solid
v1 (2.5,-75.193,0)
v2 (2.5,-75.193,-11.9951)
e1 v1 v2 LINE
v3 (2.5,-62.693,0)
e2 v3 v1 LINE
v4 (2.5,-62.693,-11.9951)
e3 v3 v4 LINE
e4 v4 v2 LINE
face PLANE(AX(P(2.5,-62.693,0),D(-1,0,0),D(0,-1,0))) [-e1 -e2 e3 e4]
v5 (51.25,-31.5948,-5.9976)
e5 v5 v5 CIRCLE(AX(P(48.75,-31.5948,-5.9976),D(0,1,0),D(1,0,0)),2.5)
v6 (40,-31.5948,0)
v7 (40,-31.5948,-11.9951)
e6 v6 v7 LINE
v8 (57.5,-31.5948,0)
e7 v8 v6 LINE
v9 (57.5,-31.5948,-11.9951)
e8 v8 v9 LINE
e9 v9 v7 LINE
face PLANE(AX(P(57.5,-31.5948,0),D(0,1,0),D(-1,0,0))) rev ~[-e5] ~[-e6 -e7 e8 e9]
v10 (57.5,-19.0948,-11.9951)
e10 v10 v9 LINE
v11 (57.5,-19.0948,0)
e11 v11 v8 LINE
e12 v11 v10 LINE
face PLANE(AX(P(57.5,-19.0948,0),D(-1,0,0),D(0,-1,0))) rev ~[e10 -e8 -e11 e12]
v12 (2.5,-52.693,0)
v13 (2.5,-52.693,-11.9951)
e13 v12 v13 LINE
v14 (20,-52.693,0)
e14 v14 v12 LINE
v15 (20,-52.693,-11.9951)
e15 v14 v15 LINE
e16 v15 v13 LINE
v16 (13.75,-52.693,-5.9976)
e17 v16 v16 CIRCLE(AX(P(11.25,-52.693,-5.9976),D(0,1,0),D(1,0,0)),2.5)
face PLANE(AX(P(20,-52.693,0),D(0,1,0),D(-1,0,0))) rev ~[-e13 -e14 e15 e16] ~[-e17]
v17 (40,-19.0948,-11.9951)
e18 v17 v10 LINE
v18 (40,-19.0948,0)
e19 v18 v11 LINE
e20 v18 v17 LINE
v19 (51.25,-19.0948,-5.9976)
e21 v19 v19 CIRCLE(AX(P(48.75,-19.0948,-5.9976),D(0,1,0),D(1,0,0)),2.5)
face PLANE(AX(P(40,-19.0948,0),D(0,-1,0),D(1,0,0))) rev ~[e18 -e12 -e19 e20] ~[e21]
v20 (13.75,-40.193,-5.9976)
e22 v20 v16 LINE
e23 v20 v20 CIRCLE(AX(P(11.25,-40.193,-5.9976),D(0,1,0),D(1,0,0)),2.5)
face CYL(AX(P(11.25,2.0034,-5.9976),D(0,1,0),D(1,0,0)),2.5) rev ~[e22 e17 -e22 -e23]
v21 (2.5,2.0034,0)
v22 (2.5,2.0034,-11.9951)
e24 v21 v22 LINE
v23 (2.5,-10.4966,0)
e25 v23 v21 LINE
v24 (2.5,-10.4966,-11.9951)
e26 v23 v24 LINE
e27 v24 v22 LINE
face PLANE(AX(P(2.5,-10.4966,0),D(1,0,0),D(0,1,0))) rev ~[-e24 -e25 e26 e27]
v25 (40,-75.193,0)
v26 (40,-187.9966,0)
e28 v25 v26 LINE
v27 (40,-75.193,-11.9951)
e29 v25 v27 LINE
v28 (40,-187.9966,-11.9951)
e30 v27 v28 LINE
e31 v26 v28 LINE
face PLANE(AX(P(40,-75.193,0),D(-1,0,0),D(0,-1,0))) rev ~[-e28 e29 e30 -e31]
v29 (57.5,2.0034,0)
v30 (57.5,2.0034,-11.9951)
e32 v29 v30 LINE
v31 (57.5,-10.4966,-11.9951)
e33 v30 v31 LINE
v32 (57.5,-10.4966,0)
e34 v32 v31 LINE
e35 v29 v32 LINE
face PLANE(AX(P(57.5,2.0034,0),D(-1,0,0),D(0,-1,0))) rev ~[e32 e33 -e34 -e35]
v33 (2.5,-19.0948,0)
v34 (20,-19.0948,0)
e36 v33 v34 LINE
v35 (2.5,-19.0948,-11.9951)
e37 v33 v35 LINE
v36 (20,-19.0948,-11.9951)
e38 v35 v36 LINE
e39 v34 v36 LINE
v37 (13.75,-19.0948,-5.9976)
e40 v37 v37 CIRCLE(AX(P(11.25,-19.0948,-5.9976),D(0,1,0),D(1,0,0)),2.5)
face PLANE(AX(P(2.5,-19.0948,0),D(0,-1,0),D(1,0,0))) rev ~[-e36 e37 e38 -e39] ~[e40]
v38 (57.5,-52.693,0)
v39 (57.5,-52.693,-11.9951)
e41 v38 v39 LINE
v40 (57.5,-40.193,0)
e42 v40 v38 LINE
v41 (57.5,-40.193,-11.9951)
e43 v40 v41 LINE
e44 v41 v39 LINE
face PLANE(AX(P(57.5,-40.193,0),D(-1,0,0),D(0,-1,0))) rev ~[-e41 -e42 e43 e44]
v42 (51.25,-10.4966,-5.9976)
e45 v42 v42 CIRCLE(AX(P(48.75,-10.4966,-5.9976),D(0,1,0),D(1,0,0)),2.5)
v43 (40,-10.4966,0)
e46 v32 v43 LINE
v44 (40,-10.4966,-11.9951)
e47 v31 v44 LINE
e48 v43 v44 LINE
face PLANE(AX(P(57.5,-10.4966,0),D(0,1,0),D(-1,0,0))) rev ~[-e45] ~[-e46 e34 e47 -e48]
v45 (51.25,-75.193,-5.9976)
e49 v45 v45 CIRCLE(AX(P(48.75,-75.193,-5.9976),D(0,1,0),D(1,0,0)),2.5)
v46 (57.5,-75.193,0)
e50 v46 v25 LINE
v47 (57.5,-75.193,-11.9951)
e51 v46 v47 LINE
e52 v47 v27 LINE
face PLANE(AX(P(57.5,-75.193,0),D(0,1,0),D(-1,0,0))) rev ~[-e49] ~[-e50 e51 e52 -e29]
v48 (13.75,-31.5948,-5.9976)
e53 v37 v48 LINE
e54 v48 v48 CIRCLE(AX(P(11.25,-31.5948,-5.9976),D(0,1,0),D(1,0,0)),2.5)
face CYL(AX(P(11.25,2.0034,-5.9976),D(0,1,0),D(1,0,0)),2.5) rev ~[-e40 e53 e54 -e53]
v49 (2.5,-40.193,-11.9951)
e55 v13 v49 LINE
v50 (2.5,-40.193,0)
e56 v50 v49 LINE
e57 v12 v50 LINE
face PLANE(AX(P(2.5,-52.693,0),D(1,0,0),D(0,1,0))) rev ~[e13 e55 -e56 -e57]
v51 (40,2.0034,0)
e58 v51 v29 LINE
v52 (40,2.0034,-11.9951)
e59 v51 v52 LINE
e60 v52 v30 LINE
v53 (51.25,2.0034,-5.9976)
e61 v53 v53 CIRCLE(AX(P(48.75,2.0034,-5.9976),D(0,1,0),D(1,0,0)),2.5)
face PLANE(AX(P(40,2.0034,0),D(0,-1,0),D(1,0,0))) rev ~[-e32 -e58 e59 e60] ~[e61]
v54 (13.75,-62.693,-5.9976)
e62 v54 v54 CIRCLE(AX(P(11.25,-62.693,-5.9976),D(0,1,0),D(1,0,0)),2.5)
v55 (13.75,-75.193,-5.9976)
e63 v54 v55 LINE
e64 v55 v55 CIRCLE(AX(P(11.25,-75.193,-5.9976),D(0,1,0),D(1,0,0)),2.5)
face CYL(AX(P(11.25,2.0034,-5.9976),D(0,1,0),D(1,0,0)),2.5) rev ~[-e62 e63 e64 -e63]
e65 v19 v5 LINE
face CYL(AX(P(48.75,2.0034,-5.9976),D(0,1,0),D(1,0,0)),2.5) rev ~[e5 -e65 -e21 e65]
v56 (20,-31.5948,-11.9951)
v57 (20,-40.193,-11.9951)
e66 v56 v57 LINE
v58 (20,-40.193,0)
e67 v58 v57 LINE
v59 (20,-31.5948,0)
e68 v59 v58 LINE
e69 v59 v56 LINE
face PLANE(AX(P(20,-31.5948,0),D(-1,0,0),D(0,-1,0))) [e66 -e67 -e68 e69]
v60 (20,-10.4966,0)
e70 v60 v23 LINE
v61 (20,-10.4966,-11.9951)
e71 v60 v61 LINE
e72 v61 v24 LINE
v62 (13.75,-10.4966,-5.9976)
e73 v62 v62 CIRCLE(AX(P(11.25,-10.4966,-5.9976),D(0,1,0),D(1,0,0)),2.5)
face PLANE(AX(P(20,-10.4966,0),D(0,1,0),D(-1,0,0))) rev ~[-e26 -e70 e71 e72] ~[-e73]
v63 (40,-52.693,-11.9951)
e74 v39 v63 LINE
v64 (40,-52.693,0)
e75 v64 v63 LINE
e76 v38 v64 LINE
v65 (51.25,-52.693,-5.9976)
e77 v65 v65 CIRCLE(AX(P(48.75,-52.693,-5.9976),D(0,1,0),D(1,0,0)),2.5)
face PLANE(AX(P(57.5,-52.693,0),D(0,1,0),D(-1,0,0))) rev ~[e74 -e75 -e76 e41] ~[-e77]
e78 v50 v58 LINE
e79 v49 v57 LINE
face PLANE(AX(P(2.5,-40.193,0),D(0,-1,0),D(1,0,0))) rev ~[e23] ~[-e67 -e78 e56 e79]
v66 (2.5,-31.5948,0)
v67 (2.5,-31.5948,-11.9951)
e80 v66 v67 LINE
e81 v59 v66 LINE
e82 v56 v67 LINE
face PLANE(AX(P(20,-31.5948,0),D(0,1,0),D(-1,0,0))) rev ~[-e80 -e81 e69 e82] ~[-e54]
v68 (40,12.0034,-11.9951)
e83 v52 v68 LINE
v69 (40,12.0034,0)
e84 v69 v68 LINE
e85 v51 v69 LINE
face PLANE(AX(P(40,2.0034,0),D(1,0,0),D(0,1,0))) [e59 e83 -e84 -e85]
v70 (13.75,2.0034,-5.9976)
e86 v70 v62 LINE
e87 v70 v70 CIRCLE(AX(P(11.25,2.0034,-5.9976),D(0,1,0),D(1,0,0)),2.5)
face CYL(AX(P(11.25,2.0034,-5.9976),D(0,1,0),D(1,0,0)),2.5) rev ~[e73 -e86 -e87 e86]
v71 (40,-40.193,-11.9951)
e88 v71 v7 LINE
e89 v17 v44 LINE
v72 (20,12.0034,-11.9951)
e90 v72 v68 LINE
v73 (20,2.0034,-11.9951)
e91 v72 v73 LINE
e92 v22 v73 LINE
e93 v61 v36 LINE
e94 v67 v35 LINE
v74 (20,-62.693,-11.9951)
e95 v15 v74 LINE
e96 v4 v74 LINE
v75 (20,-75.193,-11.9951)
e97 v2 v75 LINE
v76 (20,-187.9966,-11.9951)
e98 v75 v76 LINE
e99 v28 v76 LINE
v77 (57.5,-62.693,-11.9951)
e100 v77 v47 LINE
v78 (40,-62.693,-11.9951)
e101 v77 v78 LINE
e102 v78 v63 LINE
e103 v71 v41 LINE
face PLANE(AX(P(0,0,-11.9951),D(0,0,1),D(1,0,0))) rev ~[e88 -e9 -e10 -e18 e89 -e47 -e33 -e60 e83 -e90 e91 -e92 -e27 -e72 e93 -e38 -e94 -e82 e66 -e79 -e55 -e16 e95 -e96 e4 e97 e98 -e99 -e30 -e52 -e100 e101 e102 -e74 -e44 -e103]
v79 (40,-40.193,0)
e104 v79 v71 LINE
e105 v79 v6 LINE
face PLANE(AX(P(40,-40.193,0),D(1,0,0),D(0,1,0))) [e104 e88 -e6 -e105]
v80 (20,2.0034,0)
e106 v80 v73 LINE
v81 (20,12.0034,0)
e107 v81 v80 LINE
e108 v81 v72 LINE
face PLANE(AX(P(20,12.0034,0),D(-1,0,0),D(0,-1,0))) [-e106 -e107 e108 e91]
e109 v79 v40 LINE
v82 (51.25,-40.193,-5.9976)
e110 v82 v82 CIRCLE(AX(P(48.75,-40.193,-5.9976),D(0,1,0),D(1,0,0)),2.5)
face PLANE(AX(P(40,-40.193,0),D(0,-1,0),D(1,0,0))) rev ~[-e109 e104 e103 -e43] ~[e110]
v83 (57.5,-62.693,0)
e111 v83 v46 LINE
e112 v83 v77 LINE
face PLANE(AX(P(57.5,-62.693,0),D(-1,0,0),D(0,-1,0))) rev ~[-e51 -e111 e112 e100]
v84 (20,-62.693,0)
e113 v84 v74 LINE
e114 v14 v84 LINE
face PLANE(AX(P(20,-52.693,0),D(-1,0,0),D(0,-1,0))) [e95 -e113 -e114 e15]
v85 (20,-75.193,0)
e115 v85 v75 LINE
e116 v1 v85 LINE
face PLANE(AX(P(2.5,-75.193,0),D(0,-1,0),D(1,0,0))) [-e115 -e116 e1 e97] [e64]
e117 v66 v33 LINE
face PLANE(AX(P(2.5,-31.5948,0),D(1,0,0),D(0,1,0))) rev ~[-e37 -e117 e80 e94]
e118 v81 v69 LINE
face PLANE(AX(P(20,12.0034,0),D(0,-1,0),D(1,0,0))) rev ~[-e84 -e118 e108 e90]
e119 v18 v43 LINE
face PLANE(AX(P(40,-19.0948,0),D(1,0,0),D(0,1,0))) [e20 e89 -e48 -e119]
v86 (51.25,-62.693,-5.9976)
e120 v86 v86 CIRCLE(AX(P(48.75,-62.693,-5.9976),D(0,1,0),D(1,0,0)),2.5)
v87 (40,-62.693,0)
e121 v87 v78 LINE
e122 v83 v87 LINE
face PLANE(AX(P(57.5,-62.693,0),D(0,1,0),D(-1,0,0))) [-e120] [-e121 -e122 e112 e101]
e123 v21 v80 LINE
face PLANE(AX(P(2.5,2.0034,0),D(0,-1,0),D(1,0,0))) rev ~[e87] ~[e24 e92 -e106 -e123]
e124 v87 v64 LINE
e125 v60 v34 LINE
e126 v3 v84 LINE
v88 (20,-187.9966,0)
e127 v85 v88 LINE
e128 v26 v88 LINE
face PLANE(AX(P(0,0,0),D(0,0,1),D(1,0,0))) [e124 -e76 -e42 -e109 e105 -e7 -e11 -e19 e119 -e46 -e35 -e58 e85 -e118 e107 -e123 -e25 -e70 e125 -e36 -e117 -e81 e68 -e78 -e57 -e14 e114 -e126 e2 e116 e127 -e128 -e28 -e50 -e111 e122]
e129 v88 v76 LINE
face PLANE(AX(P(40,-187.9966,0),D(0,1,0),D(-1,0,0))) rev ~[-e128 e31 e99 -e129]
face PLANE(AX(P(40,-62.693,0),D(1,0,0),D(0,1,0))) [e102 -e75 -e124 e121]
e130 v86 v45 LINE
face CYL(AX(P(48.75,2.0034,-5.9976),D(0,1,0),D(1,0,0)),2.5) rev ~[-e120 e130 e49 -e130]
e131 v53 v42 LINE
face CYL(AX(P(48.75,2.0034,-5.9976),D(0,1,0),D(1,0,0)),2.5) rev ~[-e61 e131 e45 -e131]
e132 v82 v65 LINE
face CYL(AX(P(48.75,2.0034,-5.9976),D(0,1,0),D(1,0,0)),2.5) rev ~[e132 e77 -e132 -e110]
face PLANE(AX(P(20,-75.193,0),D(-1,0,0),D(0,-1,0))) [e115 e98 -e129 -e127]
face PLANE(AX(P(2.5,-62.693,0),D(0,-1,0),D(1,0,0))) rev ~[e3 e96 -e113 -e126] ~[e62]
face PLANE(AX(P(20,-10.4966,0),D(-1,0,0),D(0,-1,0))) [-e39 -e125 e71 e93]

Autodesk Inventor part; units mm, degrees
ref_plane "YZ Plane" through (0, 0, 0) normal (1, 0, 0) x (0, 1, 0)
ref_plane "XZ Plane" through (0, 0, 0) normal (0, 1, 0) x (-1, 0, 0)
ref_plane "Work Plane1" through (40, -59.8973, -11.9951) normal (0, 0, -1) x (0, 1, 0)
sketch "Sketch1" plane through (0, 0, 0) normal (0, 0, 1) x (1, 0, 0)
  line L0 (2.5, -40.193) -> (20, -40.193) projected
  line L1 (20, -31.5948) -> (20, -40.193) projected
  line L2 (20, -31.5948) -> (2.5, -31.5948) projected
  line L3 (2.5, -31.5948) -> (2.5, -19.0948) projected
  line L4 (2.5, -19.0948) -> (20, -19.0948) projected
  line L5 (20, -10.4966) -> (20, -19.0948) projected
  line L6 (20, -10.4966) -> (2.5, -10.4966) projected
  line L7 (2.5, -10.4966) -> (2.5, 2.0034) projected
  line L8 (2.5, 2.0034) -> (20, 2.0034) projected
  line L9 (20, 12.0034) -> (20, 2.0034) projected
  line L10 (-7.708, 12.0034) -> (20, 12.0034) projected
  line L11 (-7.708, -62.693) -> (-7.708, 12.0034) projected
  line L12 (-7.708, -62.693) -> (20, -62.693) projected
  line L13 (20, -52.693) -> (20, -62.693) projected
  line L14 (20, -52.693) -> (2.5, -52.693) projected
  line L15 (2.5, -52.693) -> (2.5, -40.193) projected
  line L16 (57.5, -10.4966) -> (40, -10.4966) projected
  line L17 (40, -19.0948) -> (40, -10.4966) projected
  line L18 (40, -19.0948) -> (57.5, -19.0948) projected
  line L19 (57.5, -19.0948) -> (57.5, -31.5948) projected
  line L20 (57.5, -31.5948) -> (40, -31.5948) projected
  line L21 (40, -40.193) -> (40, -31.5948) projected
  line L22 (40, -40.193) -> (57.5, -40.193) projected
  line L23 (57.5, -40.193) -> (57.5, -52.693) projected
  line L24 (57.5, -52.693) -> (40, -52.693) projected
  line L25 (40, -62.693) -> (40, -52.693) projected
  line L26 (67.708, -62.693) -> (40, -62.693) projected
  line L27 (67.708, 12.0034) -> (67.708, -62.693) projected
  line L28 (67.708, 12.0034) -> (40, 12.0034) projected
  line L29 (40, 2.0034) -> (40, 12.0034) projected
  line L30 (40, 2.0034) -> (57.5, 2.0034) projected
  line L31 (57.5, 2.0034) -> (57.5, -10.4966) projected
  line L32 (20, 12.0034) -> (40, 12.0034)
  line L33 (40, -187.9966) -> (20, -187.9966)
  line L34 (57.5, -62.693) -> (57.5, -75.193)
  line L35 (57.5, -75.193) -> (40, -75.193)
  line L36 (40, -75.193) -> (40, -187.9966)
  line L37 (2.5, -62.693) -> (2.5, -75.193)
  line L38 (2.5, -75.193) -> (20, -75.193)
  line L39 (20, -75.193) -> (20, -187.9966)
  point P0 (0, 0)
  dimension "d0" = 200
  dimension "d1" = 17.5
  dimension "d2" = 17.5
  dimension "d3" = 12.5
extrude "Extrusion1" add sketch "Sketch1" against normal up to surface (11.9951 mm away) contours L0 L1 L2 L3 L4 L5 L6 L7 L8 L9 L32 L29 L30 L31 L16 L17 L18 L19 L20 L21 L22 L23 L24 L25 L26 L34 L35 L36 L33 L39 L38 L37 L12 L13 L14 L15
sketch "Sketch2" plane through (2.5, -75.193, 0) normal (0, -1, 0) x (1, 0, 0)
  line L0 (0, -11.9951) -> (17.5, -11.9951) projected
  line L1 (17.5, 0) -> (17.5, -11.9951) projected
  line L2 (0, 0) -> (17.5, 0) projected
  line L3 (0, 0) -> (0, -11.9951) projected
  line L4 (0, 0) -> (17.5, 0) projected
  line L5 (17.5, 0) -> (17.5, -11.9951) projected
  line L6 (0, 0) -> (17.5, -11.9951)
  circle A0 centre (10, -6.6174) radius 3.3205
  point P0 (-2.5, 0)
sketch "Sketch3" plane through (2.5, 2.0034, 0) normal (0, 1, 0) x (1, 0, 0)
  circle A0 centre (8.75, 5.9976) radius 2.5 projected
  circle A1 centre (8.75, 5.9976) radius 2.5 projected
  line L0 (0, 0) -> (17.5, 0) projected
  line L1 (17.5, 0) -> (17.5, 11.9951) construction
  line L2 (0, 0) -> (17.5, 11.9951) construction
  line L3 (17.5, 11.9951) -> (0, 11.9951) construction
  line L4 (0, 11.9951) -> (17.5, 0) construction
  line L5 (37.5, 0) -> (37.5, 11.9951) construction
  line L6 (37.5, 11.9951) -> (55, 11.9951) construction
  line L7 (37.5, 0) -> (55, 11.9951) construction
  line L8 (55, 11.9951) -> (37.5, 11.9951) construction
  line L9 (37.5, 11.9951) -> (55, 0) construction
  circle A2 centre (46.25, 5.9976) radius 2.5
  point P0 (-2.5, 0)
  dimension "d7" = 5
extrude "Extrusion2" cut sketch "Sketch3" against normal blind 86.2
properties part number "Center"
